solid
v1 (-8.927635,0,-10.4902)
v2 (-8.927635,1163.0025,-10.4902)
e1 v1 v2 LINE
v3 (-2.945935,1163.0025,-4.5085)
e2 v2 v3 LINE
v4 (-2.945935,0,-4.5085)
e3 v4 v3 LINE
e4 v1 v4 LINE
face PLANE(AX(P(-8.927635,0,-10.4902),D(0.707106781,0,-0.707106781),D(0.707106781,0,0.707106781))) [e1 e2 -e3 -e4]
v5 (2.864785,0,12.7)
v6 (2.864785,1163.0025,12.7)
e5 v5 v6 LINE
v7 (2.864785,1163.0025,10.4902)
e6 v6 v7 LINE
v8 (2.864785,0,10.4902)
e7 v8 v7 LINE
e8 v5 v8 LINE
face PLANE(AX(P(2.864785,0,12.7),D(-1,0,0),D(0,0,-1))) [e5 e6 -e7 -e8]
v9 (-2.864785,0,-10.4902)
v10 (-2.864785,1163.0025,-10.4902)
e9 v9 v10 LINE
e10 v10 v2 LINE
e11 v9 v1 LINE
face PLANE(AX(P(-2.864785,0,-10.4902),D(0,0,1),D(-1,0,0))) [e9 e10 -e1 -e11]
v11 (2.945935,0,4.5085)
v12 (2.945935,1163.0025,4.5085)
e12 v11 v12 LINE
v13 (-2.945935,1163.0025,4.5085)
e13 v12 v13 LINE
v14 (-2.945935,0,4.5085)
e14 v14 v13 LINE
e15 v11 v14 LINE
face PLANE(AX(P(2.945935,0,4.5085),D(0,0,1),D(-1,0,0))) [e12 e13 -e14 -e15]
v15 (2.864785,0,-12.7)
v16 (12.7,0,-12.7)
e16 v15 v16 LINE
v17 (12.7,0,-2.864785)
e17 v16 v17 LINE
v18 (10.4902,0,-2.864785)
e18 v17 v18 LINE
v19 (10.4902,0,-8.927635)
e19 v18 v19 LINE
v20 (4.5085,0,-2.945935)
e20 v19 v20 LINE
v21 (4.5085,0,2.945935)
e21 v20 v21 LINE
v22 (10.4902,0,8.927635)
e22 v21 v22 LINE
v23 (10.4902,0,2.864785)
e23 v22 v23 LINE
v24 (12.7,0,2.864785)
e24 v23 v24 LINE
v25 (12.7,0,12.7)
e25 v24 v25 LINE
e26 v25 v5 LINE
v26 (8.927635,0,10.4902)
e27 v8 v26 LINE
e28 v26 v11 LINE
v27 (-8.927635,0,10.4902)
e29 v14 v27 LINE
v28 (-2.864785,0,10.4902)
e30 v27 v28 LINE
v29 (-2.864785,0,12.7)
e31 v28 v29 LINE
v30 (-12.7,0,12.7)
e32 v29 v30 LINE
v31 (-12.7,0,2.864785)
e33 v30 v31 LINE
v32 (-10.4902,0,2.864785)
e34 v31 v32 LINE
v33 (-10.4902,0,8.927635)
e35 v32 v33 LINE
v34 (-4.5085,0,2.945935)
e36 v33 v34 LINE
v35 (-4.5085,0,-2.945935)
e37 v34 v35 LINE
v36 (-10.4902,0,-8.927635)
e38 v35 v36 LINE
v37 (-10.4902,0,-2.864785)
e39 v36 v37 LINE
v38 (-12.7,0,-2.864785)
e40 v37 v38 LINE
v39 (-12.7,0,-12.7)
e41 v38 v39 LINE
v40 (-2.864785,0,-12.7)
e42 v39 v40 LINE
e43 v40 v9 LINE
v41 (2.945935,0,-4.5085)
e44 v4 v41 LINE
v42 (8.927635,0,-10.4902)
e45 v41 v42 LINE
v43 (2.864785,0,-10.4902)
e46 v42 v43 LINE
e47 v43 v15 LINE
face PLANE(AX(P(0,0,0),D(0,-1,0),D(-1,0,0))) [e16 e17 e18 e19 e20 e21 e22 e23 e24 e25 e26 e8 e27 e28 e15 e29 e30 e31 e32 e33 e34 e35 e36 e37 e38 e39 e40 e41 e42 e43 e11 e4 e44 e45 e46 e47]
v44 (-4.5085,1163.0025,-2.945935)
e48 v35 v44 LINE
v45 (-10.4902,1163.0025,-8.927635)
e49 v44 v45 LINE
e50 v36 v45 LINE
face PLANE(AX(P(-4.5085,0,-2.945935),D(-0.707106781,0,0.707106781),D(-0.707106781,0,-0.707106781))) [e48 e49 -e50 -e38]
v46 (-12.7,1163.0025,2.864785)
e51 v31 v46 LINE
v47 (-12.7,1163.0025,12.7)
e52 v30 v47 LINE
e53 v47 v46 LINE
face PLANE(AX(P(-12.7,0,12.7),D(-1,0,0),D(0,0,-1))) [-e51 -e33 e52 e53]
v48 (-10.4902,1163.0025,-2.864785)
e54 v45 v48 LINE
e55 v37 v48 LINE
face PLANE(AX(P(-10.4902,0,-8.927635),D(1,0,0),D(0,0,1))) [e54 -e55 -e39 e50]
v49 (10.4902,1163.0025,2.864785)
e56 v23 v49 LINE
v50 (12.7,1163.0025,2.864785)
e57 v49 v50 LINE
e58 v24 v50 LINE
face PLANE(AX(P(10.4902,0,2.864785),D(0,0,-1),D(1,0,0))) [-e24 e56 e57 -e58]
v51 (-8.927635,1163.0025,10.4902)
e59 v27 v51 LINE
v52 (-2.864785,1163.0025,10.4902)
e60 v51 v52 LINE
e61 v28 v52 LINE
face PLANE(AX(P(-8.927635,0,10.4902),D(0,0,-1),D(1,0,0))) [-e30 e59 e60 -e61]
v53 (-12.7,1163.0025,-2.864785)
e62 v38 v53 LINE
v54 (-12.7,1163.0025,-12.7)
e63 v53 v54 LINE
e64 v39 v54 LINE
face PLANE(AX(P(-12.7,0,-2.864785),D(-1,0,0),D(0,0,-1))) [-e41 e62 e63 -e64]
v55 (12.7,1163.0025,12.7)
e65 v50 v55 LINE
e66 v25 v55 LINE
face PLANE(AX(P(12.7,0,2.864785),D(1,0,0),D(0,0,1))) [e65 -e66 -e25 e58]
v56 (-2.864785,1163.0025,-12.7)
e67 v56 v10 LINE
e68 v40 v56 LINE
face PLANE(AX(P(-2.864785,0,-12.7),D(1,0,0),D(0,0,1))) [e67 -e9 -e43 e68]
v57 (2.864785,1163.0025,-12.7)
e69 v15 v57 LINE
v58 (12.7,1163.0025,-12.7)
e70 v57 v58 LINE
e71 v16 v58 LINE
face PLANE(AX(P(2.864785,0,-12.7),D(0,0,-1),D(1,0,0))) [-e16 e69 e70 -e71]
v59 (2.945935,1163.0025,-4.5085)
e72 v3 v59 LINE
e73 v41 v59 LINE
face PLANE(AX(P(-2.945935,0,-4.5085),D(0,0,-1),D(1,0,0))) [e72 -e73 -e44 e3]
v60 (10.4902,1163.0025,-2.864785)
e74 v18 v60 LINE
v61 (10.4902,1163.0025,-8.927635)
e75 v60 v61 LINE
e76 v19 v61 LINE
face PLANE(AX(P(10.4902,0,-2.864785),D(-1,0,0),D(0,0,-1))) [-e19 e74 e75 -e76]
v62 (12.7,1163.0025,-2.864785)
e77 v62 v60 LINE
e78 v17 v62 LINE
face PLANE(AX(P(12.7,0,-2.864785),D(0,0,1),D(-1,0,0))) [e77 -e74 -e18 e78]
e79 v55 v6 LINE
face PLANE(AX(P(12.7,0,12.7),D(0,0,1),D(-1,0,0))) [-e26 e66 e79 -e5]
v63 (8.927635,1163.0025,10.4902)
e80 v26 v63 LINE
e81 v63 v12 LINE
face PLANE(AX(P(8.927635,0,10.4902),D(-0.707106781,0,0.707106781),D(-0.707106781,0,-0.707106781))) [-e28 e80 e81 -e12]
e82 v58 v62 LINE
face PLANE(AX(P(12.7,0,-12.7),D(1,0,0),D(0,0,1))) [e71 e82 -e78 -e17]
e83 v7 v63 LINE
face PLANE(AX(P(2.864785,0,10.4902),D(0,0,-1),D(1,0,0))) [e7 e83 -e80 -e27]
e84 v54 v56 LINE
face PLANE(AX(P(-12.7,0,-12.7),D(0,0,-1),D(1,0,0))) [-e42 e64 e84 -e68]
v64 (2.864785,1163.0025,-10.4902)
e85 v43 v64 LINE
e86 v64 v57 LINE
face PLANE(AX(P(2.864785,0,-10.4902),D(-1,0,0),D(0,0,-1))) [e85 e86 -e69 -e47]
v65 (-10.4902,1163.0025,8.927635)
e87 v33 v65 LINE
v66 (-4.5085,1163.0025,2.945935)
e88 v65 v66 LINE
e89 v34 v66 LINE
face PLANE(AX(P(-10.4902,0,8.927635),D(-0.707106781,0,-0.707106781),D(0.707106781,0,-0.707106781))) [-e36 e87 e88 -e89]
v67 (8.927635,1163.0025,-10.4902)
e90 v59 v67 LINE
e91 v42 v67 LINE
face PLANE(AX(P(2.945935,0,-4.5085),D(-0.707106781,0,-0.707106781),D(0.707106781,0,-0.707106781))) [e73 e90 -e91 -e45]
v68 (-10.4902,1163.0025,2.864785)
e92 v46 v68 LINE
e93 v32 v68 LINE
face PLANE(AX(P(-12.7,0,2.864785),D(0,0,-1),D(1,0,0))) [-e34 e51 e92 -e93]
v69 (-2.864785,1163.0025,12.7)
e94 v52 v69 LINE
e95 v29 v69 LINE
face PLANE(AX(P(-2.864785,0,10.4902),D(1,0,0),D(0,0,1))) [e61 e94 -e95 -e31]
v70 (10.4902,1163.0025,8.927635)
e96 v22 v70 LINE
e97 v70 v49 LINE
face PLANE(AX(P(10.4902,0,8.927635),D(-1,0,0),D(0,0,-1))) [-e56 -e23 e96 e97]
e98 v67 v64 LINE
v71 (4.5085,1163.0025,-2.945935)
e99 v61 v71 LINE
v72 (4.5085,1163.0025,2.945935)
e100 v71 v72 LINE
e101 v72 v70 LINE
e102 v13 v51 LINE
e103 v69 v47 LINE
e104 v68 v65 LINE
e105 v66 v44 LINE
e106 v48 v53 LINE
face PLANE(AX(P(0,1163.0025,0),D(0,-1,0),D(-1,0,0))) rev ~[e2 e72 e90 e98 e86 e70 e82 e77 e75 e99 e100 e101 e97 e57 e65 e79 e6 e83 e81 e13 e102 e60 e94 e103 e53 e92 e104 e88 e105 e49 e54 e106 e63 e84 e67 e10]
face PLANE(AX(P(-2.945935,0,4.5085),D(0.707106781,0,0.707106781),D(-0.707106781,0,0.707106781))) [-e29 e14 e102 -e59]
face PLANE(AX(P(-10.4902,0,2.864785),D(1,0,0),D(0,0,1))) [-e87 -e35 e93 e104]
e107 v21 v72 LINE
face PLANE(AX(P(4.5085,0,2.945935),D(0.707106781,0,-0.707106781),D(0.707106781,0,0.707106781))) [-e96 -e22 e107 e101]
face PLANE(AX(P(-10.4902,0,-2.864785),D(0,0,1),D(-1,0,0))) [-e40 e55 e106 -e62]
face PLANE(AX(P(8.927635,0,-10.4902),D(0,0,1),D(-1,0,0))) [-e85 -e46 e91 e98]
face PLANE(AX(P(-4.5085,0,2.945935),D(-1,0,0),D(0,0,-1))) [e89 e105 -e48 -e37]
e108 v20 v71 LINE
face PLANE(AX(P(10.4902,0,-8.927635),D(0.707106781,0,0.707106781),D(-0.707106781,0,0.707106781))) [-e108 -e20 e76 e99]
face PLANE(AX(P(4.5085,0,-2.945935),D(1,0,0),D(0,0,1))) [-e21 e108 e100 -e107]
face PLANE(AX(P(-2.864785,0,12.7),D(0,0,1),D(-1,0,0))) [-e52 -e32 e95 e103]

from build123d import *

# Parameters (mm, degrees)
BOSS_EXTRUDE1_DEPTH = 1163.0025


with BuildPart() as part:
    # Sketch1 → Boss-Extrude1 (new body)
    with BuildSketch(Plane(origin=(11.365010382, 0, 9.846206226), x_dir=(1, 0, 0), z_dir=(0, 1, 0))):
        Polygon((-24.065010382, 22.546206226), (-14.229795365, 22.546206226), (-14.229795365, 20.336406226), (-20.292645817, 20.336406226), (-14.310945817, 14.354706226), (-8.419074947, 14.354706226), (-2.437374947, 20.336406226), (-8.5002254, 20.336406226), (-8.5002254, 22.546206226), (1.334989618, 22.546206226), (1.334989618, 12.710991208), (-0.874810382, 12.710991208), (-0.874810382, 18.773841661), (-6.856510382, 12.792141661), (-6.856510382, 6.900270791), (-0.874810382, 0.918570791), (-0.874810382, 6.981421243), (1.334989618, 6.981421243), (1.334989618, -2.853793774), (-8.5002254, -2.853793774), (-8.5002254, -0.643993774), (-2.437374947, -0.643993774), (-8.419074947, 5.337706226), (-14.310945817, 5.337706226), (-20.292645817, -0.643993774), (-14.229795365, -0.643993774), (-14.229795365, -2.853793774), (-24.065010382, -2.853793774), (-24.065010382, 6.981421243), (-21.855210382, 6.981421243), (-21.855210382, 0.918570791), (-15.873510382, 6.900270791), (-15.873510382, 12.792141661), (-21.855210382, 18.773841661), (-21.855210382, 12.710991208), (-24.065010382, 12.710991208), align=None)
    extrude(amount=BOSS_EXTRUDE1_DEPTH)


solid = part.part
